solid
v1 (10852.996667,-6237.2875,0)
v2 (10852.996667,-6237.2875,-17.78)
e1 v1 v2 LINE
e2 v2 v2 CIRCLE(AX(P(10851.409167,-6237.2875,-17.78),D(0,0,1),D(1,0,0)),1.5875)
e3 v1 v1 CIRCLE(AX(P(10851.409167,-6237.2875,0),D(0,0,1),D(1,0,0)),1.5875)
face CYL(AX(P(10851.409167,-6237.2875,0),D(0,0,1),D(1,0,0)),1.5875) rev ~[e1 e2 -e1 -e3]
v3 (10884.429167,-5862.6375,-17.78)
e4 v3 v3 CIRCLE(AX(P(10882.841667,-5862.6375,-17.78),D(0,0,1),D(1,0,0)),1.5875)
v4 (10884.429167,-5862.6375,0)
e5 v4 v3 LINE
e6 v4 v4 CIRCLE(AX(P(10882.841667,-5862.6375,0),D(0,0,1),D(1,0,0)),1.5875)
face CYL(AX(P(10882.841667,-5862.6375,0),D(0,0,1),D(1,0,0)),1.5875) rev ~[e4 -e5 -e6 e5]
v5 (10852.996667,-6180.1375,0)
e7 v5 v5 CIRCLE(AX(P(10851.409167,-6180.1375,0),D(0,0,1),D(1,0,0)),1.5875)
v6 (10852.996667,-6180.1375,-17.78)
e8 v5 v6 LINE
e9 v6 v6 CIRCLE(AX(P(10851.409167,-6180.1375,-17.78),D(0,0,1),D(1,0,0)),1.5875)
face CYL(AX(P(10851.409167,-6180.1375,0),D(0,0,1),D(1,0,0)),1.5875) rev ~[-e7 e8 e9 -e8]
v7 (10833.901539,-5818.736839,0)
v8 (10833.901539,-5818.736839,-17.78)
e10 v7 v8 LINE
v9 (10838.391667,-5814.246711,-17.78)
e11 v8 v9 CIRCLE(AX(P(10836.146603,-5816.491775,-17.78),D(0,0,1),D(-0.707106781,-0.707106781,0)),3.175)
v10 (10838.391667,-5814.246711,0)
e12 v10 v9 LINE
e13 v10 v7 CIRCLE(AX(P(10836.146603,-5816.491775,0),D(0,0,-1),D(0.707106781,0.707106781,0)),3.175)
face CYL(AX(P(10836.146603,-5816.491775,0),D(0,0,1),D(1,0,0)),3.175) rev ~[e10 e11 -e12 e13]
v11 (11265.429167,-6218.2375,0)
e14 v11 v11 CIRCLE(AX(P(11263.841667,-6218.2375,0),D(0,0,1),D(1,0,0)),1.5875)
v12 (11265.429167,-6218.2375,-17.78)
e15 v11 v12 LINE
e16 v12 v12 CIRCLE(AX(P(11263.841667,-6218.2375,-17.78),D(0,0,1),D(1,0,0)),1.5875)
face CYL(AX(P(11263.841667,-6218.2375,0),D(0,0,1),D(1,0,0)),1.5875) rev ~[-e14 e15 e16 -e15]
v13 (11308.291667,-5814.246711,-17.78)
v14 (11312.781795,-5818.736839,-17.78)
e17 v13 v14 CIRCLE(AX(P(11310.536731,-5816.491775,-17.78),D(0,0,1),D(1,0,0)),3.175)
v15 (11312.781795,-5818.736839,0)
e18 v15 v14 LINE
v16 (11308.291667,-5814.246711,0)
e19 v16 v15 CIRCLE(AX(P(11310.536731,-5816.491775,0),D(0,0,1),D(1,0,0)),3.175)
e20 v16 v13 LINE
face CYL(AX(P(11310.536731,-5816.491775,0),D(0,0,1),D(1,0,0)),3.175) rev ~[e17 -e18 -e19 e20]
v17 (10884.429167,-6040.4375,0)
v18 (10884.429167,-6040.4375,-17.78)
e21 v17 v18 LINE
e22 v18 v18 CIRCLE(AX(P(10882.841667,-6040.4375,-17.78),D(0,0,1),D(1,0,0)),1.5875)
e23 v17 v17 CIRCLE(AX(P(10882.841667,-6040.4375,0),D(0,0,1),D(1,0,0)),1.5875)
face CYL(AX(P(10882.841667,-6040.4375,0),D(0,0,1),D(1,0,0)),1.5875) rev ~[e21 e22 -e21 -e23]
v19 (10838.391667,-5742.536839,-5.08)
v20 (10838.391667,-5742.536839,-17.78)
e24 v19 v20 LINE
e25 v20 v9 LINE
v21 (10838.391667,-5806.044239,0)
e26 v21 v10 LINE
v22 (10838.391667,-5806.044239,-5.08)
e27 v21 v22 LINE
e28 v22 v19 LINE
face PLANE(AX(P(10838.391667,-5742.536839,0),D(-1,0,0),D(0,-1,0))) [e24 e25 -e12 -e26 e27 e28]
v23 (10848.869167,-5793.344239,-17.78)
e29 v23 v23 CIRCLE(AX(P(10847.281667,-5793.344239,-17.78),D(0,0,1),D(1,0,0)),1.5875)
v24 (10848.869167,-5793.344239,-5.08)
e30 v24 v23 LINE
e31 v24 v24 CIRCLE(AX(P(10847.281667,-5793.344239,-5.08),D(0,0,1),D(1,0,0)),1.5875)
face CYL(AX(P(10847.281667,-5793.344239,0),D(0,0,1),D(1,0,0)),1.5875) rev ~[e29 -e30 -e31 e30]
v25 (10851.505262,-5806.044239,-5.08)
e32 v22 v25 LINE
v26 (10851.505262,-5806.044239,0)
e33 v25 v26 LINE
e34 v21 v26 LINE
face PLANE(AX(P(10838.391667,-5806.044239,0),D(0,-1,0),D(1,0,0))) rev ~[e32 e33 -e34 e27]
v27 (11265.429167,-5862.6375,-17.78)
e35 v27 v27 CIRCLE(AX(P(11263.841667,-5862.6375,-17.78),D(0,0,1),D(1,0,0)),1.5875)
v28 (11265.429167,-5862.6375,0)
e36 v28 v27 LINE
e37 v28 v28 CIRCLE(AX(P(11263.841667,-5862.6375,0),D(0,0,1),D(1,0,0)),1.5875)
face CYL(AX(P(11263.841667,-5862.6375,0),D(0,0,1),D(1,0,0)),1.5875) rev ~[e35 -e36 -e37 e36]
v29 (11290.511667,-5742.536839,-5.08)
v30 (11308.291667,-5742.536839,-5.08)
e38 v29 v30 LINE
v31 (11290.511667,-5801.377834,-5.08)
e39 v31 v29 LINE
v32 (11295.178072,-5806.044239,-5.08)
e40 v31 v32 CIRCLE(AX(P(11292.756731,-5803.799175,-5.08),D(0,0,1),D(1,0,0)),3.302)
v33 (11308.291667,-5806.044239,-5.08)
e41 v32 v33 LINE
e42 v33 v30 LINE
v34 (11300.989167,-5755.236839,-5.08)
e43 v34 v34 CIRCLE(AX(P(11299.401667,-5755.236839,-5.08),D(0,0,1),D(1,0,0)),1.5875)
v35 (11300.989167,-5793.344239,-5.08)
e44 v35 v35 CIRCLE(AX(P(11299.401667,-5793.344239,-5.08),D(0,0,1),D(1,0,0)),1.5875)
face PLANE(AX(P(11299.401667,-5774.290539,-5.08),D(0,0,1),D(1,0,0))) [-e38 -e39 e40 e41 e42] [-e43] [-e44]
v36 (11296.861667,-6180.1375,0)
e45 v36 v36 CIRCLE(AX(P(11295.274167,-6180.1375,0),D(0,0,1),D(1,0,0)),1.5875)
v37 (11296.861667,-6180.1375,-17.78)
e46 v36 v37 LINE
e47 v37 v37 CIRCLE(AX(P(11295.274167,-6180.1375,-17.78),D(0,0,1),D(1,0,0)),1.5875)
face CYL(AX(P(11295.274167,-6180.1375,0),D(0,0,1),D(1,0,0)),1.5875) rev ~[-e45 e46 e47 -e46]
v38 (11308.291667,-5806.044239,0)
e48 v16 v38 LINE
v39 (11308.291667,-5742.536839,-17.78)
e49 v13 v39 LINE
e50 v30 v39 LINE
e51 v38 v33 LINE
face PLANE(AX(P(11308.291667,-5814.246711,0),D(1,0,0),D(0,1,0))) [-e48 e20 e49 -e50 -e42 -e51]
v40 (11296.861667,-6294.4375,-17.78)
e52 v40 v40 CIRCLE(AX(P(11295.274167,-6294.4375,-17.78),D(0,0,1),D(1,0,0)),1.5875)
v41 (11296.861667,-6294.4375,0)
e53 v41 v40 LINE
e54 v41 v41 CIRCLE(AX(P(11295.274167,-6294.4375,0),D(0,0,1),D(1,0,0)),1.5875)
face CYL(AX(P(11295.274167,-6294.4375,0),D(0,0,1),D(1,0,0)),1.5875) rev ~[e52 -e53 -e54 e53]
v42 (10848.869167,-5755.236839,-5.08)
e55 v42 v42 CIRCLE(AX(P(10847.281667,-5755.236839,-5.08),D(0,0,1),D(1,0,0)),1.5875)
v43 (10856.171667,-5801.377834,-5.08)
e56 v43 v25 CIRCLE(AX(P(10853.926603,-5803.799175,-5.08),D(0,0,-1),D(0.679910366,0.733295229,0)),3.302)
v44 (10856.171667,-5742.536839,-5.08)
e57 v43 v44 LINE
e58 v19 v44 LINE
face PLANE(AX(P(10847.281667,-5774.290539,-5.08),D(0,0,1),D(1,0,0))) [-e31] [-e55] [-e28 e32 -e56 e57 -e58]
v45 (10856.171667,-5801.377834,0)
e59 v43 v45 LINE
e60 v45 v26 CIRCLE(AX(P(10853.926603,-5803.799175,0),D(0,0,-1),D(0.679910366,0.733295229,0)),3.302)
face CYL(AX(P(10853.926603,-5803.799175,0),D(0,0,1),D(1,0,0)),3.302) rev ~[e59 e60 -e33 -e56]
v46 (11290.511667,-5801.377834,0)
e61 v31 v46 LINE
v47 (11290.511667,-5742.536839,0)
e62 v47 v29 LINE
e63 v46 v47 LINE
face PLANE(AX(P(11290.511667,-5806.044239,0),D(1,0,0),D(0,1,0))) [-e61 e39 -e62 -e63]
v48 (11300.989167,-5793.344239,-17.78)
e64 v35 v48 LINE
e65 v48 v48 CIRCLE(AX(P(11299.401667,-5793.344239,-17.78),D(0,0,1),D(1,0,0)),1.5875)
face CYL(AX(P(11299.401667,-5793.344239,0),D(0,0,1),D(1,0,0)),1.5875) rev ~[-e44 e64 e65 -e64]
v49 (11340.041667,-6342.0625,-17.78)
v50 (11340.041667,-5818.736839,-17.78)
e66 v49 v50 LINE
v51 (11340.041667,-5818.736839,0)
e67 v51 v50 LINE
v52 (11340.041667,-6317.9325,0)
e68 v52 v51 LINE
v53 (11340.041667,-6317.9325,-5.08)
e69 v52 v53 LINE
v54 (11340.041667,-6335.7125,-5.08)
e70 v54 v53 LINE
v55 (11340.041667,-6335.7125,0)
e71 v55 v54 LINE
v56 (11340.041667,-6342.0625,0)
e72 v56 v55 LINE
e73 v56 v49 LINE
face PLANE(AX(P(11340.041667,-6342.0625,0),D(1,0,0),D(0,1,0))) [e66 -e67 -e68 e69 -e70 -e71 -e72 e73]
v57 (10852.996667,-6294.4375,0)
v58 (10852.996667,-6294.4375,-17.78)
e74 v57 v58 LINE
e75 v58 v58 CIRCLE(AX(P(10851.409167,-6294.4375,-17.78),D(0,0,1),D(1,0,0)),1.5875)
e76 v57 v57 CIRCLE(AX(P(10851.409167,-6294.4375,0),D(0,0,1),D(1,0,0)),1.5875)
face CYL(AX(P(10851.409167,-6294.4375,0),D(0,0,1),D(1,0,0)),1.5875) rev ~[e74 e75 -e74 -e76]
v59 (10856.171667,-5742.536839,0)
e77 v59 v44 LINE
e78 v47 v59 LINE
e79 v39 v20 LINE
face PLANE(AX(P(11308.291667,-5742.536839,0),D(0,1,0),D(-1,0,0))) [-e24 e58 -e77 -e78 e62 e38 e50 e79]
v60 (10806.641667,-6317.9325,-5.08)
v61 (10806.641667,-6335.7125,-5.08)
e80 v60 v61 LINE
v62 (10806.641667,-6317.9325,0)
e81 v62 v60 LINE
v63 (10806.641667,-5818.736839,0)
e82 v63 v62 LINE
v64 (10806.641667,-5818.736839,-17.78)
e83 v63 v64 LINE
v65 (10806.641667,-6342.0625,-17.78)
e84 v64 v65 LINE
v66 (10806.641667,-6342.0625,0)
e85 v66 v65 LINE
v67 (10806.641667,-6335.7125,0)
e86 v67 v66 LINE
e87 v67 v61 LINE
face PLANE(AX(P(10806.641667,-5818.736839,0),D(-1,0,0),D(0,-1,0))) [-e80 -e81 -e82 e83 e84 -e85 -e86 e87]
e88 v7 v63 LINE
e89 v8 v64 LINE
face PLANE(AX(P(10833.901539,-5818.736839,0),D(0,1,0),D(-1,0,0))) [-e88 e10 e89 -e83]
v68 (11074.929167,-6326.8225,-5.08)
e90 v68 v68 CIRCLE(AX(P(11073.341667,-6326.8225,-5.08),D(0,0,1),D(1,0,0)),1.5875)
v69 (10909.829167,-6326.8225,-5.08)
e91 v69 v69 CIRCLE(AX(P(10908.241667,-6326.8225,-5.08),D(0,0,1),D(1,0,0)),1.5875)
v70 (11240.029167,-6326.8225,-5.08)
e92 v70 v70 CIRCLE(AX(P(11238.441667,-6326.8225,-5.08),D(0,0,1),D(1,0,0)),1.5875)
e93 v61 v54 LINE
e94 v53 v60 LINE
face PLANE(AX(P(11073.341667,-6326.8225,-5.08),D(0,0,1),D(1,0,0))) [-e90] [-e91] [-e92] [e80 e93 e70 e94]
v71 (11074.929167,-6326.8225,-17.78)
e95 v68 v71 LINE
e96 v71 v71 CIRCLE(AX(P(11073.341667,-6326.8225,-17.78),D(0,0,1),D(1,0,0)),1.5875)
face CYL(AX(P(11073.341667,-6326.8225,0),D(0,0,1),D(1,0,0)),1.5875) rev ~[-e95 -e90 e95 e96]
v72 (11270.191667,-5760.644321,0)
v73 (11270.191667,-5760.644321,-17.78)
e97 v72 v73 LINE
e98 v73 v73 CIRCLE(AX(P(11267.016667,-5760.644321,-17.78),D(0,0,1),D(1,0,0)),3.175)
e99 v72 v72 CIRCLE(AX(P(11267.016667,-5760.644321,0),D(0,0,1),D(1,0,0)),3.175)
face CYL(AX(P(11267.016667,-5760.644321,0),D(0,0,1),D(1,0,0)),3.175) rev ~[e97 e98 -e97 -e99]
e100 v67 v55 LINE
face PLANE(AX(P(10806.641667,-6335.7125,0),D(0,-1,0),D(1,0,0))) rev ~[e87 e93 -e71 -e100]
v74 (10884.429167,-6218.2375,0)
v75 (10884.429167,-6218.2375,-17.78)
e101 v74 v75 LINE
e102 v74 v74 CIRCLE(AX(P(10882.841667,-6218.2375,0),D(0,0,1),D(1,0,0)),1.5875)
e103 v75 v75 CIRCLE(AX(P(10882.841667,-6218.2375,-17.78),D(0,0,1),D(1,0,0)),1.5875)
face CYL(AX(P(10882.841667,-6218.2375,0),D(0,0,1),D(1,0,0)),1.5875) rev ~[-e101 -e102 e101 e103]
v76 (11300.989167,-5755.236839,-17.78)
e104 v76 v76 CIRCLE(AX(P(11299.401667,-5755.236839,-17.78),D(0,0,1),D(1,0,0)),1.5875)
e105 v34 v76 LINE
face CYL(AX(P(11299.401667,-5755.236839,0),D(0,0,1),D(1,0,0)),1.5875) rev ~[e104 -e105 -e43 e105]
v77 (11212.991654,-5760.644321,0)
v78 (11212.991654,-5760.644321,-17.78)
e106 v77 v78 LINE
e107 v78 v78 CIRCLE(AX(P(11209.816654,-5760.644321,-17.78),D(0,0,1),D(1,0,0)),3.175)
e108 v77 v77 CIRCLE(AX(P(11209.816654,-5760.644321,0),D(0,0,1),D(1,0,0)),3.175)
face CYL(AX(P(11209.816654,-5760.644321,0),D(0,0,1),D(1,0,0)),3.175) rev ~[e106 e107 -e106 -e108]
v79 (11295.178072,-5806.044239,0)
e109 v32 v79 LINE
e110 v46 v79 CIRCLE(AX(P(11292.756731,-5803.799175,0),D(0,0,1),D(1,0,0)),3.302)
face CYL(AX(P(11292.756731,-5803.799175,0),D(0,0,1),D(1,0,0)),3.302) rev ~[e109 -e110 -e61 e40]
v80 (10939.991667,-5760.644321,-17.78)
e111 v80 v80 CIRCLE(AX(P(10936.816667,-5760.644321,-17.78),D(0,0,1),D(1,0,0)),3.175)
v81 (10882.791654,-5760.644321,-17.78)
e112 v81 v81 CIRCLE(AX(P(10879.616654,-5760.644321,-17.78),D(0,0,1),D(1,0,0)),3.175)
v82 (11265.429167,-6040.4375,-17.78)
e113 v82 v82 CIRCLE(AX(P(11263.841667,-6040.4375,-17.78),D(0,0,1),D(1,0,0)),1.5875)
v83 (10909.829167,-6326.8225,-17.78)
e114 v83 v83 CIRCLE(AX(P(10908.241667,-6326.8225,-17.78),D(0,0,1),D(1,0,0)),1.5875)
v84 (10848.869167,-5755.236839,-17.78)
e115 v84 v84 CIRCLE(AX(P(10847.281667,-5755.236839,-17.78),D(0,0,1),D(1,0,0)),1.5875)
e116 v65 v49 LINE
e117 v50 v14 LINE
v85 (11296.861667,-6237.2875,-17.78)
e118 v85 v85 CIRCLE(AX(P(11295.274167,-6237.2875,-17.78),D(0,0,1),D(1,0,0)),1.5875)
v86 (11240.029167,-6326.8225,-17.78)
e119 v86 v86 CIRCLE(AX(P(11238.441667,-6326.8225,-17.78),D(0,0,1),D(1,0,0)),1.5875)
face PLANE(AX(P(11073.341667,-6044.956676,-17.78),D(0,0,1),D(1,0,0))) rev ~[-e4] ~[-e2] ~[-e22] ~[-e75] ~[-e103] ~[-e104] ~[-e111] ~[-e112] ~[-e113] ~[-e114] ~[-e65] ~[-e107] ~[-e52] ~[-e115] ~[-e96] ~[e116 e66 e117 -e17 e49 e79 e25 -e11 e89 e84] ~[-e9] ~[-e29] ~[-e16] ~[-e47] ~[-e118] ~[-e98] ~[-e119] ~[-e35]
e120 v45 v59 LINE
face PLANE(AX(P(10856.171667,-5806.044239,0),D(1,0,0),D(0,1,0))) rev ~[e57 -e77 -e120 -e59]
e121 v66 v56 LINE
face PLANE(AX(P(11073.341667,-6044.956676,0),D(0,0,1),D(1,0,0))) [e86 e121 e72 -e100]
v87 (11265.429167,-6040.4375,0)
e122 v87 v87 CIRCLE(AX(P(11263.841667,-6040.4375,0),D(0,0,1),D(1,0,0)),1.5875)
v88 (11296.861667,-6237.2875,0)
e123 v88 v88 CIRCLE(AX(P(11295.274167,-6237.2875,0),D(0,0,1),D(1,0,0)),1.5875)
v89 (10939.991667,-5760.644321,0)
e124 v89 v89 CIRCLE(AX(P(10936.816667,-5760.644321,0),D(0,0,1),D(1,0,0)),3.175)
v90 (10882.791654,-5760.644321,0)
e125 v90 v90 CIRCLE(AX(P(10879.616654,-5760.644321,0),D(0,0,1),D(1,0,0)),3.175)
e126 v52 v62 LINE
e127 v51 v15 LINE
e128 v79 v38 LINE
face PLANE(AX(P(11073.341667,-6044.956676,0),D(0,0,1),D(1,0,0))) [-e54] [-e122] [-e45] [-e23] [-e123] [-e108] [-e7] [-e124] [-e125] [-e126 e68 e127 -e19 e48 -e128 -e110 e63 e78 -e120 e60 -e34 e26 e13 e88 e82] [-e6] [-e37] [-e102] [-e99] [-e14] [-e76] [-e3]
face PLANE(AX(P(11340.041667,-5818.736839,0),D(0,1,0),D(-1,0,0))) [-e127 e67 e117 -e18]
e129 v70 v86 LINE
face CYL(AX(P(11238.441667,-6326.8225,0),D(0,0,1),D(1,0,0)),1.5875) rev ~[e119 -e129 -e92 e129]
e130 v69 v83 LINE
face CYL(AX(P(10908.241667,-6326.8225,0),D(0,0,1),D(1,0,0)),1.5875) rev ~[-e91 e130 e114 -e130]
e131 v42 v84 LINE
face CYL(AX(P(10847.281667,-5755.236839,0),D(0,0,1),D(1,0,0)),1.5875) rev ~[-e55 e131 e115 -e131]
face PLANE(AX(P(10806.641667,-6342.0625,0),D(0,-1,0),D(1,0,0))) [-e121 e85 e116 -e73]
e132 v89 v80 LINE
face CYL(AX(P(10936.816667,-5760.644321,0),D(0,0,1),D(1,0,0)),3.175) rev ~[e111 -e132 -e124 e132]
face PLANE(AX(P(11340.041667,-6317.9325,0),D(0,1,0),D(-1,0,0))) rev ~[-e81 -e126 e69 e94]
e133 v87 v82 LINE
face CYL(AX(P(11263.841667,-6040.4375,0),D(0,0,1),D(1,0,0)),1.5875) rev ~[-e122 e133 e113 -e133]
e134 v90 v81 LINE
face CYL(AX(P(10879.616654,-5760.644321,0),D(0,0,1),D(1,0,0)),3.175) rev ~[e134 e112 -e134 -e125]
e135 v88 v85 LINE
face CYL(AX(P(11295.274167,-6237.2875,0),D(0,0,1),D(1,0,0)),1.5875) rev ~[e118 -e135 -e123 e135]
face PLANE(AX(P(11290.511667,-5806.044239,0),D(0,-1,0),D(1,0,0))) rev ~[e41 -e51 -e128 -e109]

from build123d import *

# Parameters (mm, degrees)
EXTRUDE1_DEPTH     = 17.78
SKETCH4_R          = 3.175
SKETCH4_R_2        = 3.175000003
CUT_EXTRUDE1_DEPTH = 17.78
SKETCH6_R          = 1.5875
CUT_EXTRUDE3_DEPTH = 17.78
SKETCH5_W          = 17.78
SKETCH5_H          = 63.50740041
SKETCH5_H_2        = 63.507400408
CUT_EXTRUDE2_DEPTH = 5.08
SKETCH7_R          = 3.302
CUT_EXTRUDE4_DEPTH = 5.08
SKETCH9_R          = 3.175
CUT_EXTRUDE5_DEPTH = 17.78


with BuildPart() as part:
    # Sketch3 → Extrude1 (new body)
    with BuildSketch(Plane.XY):
        Polygon((10806.641666666, -6342.0625), (11340.041666666, -6342.0625), (11340.041666666, -5818.73683858), (11312.781794728, -5818.73683858), (11308.291666667, -5814.246710519), (11308.291666667, -5742.536838581), (10838.391666667, -5742.536838581), (10838.391666667, -5814.246710519), (10833.901538605, -5818.736838581), (10806.641666666, -5818.736838581), align=None)
    extrude(amount=-EXTRUDE1_DEPTH)

    # Sketch4 → Cut-Extrude1 (cut)
    with BuildSketch(Plane.XY):
        with Locations((11310.536730697, -5816.49177455)):
            Circle(SKETCH4_R)
        with Locations((10836.146602636, -5816.49177455)):
            Circle(SKETCH4_R_2)
    extrude(amount=-CUT_EXTRUDE1_DEPTH, mode=Mode.SUBTRACT)

    # Sketch6 → Cut-Extrude3 (cut)
    with BuildSketch(Plane.XY):
        with Locations((10851.409166666, -6294.4375)):
            Circle(SKETCH6_R)
        with Locations((10908.241666666, -6326.8225)):
            Circle(SKETCH6_R)
        with Locations((11073.341666666, -6326.8225)):
            Circle(SKETCH6_R)
        with Locations((11238.441666666, -6326.8225)):
            Circle(SKETCH6_R)
        with Locations((11295.274166666, -6294.4375)):
            Circle(SKETCH6_R)
        with Locations((11295.274166666, -6237.2875)):
            Circle(SKETCH6_R)
        with Locations((11263.841666666, -6218.2375)):
            Circle(SKETCH6_R)
        with Locations((11295.274166666, -6180.1375)):
            Circle(SKETCH6_R)
        with Locations((11263.841666666, -6040.4375)):
            Circle(SKETCH6_R)
        with Locations((11263.841666666, -5862.6375)):
            Circle(SKETCH6_R)
        with Locations((11299.401666666, -5793.344238991)):
            Circle(SKETCH6_R)
        with Locations((11299.401666666, -5755.236838581)):
            Circle(SKETCH6_R)
        with Locations((10847.281666666, -5755.236838581)):
            Circle(SKETCH6_R)
        with Locations((10847.281666666, -5793.344238991)):
            Circle(SKETCH6_R)
        with Locations((10882.841666666, -6040.4375)):
            Circle(SKETCH6_R)
        with Locations((10851.409166666, -6180.1375)):
            Circle(SKETCH6_R)
        with Locations((10882.841666666, -6218.2375)):
            Circle(SKETCH6_R)
        with Locations((10851.409166666, -6237.2875)):
            Circle(SKETCH6_R)
        with Locations((10882.841666666, -5862.6375)):
            Circle(SKETCH6_R)
    extrude(amount=-CUT_EXTRUDE3_DEPTH, mode=Mode.SUBTRACT)

    # Sketch5 → Cut-Extrude2 (cut)
    with BuildSketch(Plane.XY):
        Polygon((11073.341666666, -6317.9325), (10806.641666666, -6317.9325), (10806.641666666, -6335.7125), (11340.041666666, -6335.7125), (11340.041666666, -6317.9325), align=None)
        with Locations((10847.281666667, -5774.290538786)):
            Rectangle(SKETCH5_W, SKETCH5_H)
        with Locations((11299.401666667, -5774.290538785)):
            Rectangle(SKETCH5_W, SKETCH5_H_2)
    extrude(amount=-CUT_EXTRUDE2_DEPTH, mode=Mode.SUBTRACT)

    # Sketch7 → Cut-Extrude4 (cut)
    with BuildSketch(Plane.XY):
        with Locations((10853.926602637, -5803.79917496)):
            Circle(SKETCH7_R)
        with Locations((11292.756730697, -5803.799174959)):
            Circle(SKETCH7_R)
    extrude(amount=-CUT_EXTRUDE4_DEPTH, mode=Mode.SUBTRACT)

    # Sketch9 → Cut-Extrude5 (cut)
    with BuildSketch(Plane.XY):
        with Locations((10879.616654067, -5760.644320781)):
            Circle(SKETCH9_R)
        with Locations((10936.816666667, -5760.644320781)):
            Circle(SKETCH9_R)
        with Locations((11209.816654067, -5760.644320781)):
            Circle(SKETCH9_R)
        with Locations((11267.016666667, -5760.644320781)):
            Circle(SKETCH9_R)
    extrude(amount=-CUT_EXTRUDE5_DEPTH, mode=Mode.SUBTRACT)


solid = part.part
